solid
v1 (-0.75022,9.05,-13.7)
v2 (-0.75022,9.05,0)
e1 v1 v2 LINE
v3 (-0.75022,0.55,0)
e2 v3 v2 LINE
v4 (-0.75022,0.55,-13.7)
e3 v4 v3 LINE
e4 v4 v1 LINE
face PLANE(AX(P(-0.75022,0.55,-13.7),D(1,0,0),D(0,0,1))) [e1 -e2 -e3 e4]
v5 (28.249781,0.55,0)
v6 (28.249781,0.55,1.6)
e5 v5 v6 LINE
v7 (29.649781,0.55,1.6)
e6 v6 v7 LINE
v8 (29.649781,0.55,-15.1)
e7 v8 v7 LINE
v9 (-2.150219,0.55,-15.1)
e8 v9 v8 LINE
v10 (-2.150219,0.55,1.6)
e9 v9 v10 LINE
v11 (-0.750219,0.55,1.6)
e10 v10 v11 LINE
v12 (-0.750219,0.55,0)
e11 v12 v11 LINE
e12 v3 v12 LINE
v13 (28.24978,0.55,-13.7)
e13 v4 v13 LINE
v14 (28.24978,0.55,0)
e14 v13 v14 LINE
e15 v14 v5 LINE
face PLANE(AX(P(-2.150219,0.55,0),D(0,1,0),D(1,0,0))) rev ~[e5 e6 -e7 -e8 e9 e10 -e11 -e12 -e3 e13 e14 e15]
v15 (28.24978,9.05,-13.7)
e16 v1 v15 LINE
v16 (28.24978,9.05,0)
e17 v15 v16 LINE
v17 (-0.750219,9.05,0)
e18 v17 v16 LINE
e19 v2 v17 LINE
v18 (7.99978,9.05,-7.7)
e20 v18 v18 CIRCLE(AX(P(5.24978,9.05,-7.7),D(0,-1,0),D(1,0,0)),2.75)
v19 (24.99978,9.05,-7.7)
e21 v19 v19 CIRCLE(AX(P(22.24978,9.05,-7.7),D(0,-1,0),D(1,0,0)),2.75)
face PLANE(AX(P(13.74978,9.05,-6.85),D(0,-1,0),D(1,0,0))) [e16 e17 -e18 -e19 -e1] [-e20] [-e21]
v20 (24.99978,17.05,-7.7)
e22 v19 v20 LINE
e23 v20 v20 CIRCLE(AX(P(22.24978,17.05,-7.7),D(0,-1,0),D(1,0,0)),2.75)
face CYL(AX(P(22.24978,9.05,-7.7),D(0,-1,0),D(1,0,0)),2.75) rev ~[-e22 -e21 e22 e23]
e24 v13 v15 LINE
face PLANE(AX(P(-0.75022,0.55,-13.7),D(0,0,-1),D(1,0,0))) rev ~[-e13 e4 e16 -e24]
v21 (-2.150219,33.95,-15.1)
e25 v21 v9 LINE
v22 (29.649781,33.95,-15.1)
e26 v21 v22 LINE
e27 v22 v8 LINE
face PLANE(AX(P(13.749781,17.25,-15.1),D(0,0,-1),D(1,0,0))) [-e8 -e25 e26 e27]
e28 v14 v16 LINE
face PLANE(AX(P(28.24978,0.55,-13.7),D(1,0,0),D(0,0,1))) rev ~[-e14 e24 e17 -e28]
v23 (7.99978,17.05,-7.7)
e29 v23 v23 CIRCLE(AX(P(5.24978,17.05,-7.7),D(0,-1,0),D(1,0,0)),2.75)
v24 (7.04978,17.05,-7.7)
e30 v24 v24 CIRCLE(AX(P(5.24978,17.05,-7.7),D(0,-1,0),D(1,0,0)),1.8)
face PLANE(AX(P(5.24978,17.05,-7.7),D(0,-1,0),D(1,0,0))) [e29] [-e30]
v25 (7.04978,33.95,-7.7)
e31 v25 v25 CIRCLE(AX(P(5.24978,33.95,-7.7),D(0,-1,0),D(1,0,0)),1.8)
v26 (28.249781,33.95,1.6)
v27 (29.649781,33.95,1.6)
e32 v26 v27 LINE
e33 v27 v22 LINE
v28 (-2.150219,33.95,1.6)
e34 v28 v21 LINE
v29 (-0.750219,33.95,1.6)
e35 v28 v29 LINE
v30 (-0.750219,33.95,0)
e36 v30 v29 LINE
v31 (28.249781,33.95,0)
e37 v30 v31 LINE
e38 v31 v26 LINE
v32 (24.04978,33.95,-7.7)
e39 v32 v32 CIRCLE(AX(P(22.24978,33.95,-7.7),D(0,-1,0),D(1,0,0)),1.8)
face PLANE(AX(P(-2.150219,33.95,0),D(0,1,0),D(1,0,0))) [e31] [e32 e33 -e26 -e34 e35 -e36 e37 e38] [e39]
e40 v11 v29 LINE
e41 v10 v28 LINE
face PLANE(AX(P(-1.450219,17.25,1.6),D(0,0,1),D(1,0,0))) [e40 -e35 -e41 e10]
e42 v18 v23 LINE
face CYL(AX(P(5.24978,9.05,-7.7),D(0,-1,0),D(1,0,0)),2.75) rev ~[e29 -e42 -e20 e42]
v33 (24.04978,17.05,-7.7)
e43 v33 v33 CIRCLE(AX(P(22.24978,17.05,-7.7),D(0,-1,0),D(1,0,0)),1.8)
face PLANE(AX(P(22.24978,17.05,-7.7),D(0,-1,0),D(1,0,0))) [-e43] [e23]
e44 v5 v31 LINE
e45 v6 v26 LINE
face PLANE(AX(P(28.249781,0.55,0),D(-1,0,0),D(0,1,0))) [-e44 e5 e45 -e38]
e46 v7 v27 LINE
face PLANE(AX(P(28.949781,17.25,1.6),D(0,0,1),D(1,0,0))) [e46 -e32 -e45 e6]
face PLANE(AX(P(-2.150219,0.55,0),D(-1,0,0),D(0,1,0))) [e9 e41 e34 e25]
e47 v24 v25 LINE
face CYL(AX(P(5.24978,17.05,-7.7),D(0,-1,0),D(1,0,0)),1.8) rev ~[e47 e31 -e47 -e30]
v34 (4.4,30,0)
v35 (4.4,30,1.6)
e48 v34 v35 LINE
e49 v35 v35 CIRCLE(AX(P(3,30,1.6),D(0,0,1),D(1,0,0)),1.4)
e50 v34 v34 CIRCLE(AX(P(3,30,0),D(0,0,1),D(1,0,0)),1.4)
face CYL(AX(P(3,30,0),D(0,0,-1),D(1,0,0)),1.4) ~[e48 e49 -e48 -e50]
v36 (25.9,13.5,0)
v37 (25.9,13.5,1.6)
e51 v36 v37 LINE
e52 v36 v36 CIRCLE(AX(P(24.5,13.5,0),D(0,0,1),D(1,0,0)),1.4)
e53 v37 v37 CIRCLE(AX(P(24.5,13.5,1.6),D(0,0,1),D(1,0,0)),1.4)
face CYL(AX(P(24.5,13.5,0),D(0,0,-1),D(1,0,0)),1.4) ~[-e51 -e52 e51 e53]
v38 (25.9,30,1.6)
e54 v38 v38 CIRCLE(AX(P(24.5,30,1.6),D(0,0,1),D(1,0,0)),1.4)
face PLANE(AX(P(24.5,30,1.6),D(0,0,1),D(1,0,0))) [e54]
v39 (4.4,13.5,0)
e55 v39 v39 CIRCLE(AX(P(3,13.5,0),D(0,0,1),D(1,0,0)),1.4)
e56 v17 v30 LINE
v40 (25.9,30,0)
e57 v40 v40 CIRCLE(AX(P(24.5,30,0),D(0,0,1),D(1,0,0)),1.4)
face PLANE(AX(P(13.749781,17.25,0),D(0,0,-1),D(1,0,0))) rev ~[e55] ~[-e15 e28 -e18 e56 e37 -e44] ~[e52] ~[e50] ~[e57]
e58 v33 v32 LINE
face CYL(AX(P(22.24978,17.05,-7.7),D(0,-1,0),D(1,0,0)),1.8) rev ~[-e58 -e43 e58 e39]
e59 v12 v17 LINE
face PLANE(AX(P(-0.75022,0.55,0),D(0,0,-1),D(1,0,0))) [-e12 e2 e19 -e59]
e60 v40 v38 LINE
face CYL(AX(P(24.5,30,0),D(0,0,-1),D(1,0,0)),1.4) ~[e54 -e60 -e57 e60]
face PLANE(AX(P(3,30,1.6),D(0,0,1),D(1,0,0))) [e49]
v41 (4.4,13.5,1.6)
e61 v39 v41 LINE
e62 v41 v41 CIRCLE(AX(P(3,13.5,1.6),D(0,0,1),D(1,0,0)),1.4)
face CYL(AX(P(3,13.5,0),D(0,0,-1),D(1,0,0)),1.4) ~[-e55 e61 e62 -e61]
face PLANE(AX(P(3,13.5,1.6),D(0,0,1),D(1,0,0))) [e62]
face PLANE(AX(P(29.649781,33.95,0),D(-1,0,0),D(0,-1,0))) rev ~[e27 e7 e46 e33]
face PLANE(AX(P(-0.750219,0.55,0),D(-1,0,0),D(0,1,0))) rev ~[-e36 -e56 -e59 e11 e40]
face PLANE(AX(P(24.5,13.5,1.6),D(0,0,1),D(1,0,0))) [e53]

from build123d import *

# Parameters (mm, degrees)
SKETCH_W        = 31.8
SKETCH_H        = 33.4
PAD_DEPTH       = 15.1
SKETCH001_R     = 1.4
SKETCH001_W     = 1.4
SKETCH001_H     = 33.4
PAD001_DEPTH    = 1.6
SKETCH002_W     = 29
SKETCH002_H     = 13.7
POCKET_DEPTH    = 8.5
SKETCH011_R     = 2.75
POCKET006_DEPTH = 8
SKETCH012_R     = 1.8
POCKET007_DEPTH = 20


with BuildPart() as part:
    # Sketch (on Face1449 of Binder) → Pad (new body)
    with BuildSketch(Plane(origin=(0, 0, 0), x_dir=(1, 0, 0), z_dir=(0, 0, -1))):
        with Locations((13.749781, -17.25)):
            Rectangle(SKETCH_W, SKETCH_H)
    extrude(amount=PAD_DEPTH)

    # Sketch001 (on Face5 of Pad) → Pad001 (join)
    with BuildSketch(Plane.XY):
        with Locations((3, 30)):
            Circle(SKETCH001_R)
        with Locations((24.5, 30)):
            Circle(SKETCH001_R)
        with Locations((3, 13.5)):
            Circle(SKETCH001_R)
        with Locations((24.5, 13.5)):
            Circle(SKETCH001_R)
        with Locations((-1.450219, 17.25)):
            Rectangle(SKETCH001_W, SKETCH001_H)
        with Locations((28.949781, 17.25)):
            Rectangle(SKETCH001_W, SKETCH001_H)
    extrude(amount=PAD001_DEPTH)

    # Sketch002 (on Face16 of Pad001) → Pocket (cut)
    with BuildSketch(Plane.XZ.offset(-0.55)):
        with Locations((13.74978, -6.85)):
            Rectangle(SKETCH002_W, SKETCH002_H)
    extrude(amount=-POCKET_DEPTH, mode=Mode.SUBTRACT)

    # Sketch011 (on Face10 of Pocket) → Pocket006 (cut)
    with BuildSketch(Plane.XZ.offset(-9.05)):
        with Locations((5.24978, -7.7)):
            Circle(SKETCH011_R)
        with Locations((22.24978, -7.7)):
            Circle(SKETCH011_R)
    extrude(amount=-POCKET006_DEPTH, mode=Mode.SUBTRACT)

    # Sketch012 (on Face19 of Pocket006) → Pocket007 (cut)
    with BuildSketch(Plane.XZ.offset(-17.05)):
        with Locations((5.24978, -7.7)):
            Circle(SKETCH012_R)
        with Locations((22.24978, -7.7)):
            Circle(SKETCH012_R)
    extrude(amount=-POCKET007_DEPTH, mode=Mode.SUBTRACT)


solid = part.part
